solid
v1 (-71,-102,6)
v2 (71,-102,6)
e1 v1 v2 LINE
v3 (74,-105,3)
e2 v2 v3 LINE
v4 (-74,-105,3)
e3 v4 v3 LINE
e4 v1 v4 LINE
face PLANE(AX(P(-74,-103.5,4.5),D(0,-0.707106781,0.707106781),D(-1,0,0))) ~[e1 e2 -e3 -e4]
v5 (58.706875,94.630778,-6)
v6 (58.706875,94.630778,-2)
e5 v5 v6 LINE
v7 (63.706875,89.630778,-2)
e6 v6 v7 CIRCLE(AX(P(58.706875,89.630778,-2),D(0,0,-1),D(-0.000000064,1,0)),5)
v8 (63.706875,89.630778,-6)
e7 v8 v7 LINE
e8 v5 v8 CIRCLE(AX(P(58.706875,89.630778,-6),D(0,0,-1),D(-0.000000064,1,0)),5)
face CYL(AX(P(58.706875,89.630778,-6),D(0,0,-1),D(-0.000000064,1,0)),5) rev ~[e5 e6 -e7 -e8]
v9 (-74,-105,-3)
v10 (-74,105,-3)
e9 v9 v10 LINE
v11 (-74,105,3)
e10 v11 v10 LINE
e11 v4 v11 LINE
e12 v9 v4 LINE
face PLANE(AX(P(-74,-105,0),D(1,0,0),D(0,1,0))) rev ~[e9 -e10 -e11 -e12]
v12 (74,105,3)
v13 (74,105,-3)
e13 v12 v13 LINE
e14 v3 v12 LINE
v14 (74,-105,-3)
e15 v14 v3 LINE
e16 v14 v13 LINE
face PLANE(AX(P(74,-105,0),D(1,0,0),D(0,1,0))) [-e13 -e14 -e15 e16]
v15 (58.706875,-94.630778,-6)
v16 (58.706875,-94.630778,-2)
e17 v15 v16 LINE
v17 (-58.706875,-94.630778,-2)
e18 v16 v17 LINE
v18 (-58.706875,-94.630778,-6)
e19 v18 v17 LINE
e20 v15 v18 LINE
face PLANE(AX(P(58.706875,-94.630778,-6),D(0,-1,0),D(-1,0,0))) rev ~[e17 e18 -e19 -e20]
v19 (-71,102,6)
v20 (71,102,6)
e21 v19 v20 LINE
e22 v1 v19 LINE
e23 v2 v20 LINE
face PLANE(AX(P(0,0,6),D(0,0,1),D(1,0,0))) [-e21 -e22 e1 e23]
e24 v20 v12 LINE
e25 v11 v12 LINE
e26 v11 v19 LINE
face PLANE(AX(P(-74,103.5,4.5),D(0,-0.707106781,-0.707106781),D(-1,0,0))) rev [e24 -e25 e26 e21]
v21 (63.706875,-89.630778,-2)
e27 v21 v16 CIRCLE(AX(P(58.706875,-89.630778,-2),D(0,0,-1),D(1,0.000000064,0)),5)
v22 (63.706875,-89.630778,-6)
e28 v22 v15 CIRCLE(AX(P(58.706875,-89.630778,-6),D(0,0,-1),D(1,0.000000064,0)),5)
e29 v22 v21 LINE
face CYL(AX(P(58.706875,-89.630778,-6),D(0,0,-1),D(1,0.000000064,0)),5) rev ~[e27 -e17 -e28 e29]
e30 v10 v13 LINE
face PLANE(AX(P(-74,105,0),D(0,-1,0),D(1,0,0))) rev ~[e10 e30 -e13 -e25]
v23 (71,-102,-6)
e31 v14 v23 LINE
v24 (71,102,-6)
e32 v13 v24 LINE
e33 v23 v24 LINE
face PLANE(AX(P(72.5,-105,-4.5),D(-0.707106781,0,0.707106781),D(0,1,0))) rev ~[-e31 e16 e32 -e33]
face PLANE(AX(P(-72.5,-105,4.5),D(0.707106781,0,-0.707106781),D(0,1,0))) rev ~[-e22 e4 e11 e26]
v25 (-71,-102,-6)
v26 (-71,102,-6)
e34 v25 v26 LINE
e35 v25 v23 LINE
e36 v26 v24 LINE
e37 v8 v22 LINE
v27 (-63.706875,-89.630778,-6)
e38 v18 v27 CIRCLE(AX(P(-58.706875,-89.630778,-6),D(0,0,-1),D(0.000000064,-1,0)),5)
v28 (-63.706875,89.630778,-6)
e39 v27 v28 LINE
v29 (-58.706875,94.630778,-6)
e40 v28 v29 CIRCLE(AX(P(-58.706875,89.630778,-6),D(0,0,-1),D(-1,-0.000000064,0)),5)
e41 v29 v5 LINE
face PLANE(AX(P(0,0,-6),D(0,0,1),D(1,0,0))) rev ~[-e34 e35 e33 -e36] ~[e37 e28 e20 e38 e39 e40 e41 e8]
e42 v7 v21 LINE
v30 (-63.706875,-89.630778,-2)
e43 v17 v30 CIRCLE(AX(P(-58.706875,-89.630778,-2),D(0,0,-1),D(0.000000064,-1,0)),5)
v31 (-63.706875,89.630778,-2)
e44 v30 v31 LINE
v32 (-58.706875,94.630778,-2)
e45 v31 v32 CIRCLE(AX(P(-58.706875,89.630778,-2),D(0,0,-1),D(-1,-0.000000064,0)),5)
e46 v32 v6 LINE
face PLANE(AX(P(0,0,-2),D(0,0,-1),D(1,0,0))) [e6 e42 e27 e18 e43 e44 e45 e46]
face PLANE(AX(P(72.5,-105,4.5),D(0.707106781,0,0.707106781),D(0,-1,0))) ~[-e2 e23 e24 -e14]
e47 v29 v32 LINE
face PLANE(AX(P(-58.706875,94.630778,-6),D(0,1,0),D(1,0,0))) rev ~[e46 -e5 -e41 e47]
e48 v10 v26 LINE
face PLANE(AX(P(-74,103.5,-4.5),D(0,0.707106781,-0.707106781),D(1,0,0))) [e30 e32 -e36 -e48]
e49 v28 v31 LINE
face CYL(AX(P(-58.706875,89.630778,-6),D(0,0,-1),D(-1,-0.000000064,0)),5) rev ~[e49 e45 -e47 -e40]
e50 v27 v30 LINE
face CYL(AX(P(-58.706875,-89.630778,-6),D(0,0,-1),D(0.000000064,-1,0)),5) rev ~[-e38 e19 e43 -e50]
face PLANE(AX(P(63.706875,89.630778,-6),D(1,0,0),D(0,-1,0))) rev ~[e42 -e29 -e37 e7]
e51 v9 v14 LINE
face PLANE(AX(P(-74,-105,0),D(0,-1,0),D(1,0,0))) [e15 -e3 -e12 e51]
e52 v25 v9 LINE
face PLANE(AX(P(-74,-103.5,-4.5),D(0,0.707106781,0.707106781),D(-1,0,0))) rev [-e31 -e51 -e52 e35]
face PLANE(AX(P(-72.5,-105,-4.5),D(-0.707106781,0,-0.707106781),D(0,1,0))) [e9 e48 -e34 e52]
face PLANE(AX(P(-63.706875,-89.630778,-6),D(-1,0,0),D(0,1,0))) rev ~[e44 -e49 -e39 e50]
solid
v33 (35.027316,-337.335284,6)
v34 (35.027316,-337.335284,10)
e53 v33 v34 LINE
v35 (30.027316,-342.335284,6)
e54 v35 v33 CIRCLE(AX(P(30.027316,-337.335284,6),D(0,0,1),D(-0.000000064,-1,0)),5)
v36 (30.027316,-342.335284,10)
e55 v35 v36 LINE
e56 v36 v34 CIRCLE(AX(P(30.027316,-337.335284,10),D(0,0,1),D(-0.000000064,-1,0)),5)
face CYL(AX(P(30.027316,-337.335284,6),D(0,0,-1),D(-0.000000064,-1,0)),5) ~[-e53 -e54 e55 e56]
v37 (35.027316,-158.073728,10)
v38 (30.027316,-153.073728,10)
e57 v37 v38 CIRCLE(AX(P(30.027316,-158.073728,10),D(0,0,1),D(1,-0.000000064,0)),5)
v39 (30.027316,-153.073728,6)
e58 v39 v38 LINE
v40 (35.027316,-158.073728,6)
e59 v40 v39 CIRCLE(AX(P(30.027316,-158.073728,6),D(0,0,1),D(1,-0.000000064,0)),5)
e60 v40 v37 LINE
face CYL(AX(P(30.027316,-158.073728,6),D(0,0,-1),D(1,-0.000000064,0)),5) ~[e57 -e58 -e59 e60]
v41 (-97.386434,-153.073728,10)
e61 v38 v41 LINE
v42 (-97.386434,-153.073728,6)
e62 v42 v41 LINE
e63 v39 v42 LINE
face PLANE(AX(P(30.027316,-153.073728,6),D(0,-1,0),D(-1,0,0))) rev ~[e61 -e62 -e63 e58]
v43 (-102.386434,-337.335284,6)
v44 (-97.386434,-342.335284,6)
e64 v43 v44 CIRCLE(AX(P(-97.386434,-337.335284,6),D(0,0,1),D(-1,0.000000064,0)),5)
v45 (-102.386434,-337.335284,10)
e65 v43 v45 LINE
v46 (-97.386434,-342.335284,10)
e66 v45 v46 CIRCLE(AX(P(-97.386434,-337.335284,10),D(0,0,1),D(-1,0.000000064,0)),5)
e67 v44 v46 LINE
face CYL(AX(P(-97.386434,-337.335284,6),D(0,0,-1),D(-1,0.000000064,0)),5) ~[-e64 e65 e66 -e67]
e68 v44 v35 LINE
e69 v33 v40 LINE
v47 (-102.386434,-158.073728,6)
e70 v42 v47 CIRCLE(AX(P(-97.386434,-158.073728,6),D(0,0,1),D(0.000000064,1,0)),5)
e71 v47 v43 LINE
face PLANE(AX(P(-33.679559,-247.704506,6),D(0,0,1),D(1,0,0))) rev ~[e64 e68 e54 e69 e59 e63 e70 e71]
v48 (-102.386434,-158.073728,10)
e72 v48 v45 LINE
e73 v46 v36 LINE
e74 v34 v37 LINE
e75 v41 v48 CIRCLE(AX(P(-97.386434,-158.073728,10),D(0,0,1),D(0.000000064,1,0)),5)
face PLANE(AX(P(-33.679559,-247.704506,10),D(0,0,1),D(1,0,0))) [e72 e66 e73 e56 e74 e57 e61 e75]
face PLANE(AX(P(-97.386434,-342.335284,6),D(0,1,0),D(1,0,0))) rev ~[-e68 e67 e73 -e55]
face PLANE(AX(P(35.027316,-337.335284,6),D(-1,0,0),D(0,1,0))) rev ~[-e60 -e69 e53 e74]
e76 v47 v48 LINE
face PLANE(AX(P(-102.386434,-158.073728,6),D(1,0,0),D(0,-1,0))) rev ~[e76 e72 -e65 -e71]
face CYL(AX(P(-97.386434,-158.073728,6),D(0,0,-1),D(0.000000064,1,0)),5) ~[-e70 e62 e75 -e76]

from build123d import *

# Parameters (mm, degrees)
F0_W     = 148
F0_H     = 210
F1_DEPTH = 6
F2_SIZE  = 3
F4_DEPTH = 4
F6_DEPTH = 4


with BuildPart() as f1:
    # F0 (on Top) → F1 (new body, symmetric)
    with BuildSketch(Plane.XY):
        Rectangle(F0_W, F0_H)
    extrude(amount=F1_DEPTH, both=True)

    # F2
    f2_edges = [f1.edges().sort_by_distance(p)[0] for p in [
        (74, 0, 6),
        (74, 0, -6),
        (0, -105, -6),
        (0, -105, 6),
        (-74, 0, 6),
        (-74, 0, -6),
        (0, 105, -6),
        (0, 105, 6),
    ]]
    chamfer(f2_edges, length=F2_SIZE)

    # F3 (on face) → F4 (cut)
    with BuildSketch(Plane(origin=(0, 0, -6), x_dir=(1, 0, 0), z_dir=(0, 0, -1))):
        with BuildLine():
            Line((58.706875, 94.630778), (-58.706875, 94.630778))
            ThreePointArc((-58.706875, 94.630778), (-62.242409, 93.166312), (-63.706875, 89.630778))
            Line((-63.706875, 89.630778), (-63.706875, -89.630778))
            ThreePointArc((-63.706875, -89.630778), (-62.242409, -93.166312), (-58.706875, -94.630778))
            Line((-58.706875, -94.630778), (58.706875, -94.630778))
            ThreePointArc((58.706875, -94.630778), (62.242409, -93.166312), (63.706875, -89.630778))
            Line((63.706875, -89.630778), (63.706875, 89.630778))
            ThreePointArc((63.706875, 89.630778), (62.242409, 93.166312), (58.706875, 94.630778))
        make_face()
    extrude(amount=-F4_DEPTH, mode=Mode.SUBTRACT)


with BuildPart() as f6:
    # F5 (on face) → F6 (new body)
    with BuildSketch(Plane.XY.offset(6)):
        with BuildLine():
            Line((30.027316, -153.073728), (-97.386434, -153.073728))
            ThreePointArc((-97.386434, -153.073728), (-100.921968, -154.538194), (-102.386434, -158.073728))
            Line((-102.386434, -158.073728), (-102.386434, -337.335284))
            ThreePointArc((-102.386434, -337.335284), (-100.921968, -340.870818), (-97.386434, -342.335284))
            Line((-97.386434, -342.335284), (30.027316, -342.335284))
            ThreePointArc((30.027316, -342.335284), (33.56285, -340.870818), (35.027316, -337.335284))
            Line((35.027316, -337.335284), (35.027316, -158.073728))
            ThreePointArc((35.027316, -158.073728), (33.56285, -154.538194), (30.027316, -153.073728))
        make_face()
    extrude(amount=F6_DEPTH)


solid = Compound([f1.part, f6.part])
